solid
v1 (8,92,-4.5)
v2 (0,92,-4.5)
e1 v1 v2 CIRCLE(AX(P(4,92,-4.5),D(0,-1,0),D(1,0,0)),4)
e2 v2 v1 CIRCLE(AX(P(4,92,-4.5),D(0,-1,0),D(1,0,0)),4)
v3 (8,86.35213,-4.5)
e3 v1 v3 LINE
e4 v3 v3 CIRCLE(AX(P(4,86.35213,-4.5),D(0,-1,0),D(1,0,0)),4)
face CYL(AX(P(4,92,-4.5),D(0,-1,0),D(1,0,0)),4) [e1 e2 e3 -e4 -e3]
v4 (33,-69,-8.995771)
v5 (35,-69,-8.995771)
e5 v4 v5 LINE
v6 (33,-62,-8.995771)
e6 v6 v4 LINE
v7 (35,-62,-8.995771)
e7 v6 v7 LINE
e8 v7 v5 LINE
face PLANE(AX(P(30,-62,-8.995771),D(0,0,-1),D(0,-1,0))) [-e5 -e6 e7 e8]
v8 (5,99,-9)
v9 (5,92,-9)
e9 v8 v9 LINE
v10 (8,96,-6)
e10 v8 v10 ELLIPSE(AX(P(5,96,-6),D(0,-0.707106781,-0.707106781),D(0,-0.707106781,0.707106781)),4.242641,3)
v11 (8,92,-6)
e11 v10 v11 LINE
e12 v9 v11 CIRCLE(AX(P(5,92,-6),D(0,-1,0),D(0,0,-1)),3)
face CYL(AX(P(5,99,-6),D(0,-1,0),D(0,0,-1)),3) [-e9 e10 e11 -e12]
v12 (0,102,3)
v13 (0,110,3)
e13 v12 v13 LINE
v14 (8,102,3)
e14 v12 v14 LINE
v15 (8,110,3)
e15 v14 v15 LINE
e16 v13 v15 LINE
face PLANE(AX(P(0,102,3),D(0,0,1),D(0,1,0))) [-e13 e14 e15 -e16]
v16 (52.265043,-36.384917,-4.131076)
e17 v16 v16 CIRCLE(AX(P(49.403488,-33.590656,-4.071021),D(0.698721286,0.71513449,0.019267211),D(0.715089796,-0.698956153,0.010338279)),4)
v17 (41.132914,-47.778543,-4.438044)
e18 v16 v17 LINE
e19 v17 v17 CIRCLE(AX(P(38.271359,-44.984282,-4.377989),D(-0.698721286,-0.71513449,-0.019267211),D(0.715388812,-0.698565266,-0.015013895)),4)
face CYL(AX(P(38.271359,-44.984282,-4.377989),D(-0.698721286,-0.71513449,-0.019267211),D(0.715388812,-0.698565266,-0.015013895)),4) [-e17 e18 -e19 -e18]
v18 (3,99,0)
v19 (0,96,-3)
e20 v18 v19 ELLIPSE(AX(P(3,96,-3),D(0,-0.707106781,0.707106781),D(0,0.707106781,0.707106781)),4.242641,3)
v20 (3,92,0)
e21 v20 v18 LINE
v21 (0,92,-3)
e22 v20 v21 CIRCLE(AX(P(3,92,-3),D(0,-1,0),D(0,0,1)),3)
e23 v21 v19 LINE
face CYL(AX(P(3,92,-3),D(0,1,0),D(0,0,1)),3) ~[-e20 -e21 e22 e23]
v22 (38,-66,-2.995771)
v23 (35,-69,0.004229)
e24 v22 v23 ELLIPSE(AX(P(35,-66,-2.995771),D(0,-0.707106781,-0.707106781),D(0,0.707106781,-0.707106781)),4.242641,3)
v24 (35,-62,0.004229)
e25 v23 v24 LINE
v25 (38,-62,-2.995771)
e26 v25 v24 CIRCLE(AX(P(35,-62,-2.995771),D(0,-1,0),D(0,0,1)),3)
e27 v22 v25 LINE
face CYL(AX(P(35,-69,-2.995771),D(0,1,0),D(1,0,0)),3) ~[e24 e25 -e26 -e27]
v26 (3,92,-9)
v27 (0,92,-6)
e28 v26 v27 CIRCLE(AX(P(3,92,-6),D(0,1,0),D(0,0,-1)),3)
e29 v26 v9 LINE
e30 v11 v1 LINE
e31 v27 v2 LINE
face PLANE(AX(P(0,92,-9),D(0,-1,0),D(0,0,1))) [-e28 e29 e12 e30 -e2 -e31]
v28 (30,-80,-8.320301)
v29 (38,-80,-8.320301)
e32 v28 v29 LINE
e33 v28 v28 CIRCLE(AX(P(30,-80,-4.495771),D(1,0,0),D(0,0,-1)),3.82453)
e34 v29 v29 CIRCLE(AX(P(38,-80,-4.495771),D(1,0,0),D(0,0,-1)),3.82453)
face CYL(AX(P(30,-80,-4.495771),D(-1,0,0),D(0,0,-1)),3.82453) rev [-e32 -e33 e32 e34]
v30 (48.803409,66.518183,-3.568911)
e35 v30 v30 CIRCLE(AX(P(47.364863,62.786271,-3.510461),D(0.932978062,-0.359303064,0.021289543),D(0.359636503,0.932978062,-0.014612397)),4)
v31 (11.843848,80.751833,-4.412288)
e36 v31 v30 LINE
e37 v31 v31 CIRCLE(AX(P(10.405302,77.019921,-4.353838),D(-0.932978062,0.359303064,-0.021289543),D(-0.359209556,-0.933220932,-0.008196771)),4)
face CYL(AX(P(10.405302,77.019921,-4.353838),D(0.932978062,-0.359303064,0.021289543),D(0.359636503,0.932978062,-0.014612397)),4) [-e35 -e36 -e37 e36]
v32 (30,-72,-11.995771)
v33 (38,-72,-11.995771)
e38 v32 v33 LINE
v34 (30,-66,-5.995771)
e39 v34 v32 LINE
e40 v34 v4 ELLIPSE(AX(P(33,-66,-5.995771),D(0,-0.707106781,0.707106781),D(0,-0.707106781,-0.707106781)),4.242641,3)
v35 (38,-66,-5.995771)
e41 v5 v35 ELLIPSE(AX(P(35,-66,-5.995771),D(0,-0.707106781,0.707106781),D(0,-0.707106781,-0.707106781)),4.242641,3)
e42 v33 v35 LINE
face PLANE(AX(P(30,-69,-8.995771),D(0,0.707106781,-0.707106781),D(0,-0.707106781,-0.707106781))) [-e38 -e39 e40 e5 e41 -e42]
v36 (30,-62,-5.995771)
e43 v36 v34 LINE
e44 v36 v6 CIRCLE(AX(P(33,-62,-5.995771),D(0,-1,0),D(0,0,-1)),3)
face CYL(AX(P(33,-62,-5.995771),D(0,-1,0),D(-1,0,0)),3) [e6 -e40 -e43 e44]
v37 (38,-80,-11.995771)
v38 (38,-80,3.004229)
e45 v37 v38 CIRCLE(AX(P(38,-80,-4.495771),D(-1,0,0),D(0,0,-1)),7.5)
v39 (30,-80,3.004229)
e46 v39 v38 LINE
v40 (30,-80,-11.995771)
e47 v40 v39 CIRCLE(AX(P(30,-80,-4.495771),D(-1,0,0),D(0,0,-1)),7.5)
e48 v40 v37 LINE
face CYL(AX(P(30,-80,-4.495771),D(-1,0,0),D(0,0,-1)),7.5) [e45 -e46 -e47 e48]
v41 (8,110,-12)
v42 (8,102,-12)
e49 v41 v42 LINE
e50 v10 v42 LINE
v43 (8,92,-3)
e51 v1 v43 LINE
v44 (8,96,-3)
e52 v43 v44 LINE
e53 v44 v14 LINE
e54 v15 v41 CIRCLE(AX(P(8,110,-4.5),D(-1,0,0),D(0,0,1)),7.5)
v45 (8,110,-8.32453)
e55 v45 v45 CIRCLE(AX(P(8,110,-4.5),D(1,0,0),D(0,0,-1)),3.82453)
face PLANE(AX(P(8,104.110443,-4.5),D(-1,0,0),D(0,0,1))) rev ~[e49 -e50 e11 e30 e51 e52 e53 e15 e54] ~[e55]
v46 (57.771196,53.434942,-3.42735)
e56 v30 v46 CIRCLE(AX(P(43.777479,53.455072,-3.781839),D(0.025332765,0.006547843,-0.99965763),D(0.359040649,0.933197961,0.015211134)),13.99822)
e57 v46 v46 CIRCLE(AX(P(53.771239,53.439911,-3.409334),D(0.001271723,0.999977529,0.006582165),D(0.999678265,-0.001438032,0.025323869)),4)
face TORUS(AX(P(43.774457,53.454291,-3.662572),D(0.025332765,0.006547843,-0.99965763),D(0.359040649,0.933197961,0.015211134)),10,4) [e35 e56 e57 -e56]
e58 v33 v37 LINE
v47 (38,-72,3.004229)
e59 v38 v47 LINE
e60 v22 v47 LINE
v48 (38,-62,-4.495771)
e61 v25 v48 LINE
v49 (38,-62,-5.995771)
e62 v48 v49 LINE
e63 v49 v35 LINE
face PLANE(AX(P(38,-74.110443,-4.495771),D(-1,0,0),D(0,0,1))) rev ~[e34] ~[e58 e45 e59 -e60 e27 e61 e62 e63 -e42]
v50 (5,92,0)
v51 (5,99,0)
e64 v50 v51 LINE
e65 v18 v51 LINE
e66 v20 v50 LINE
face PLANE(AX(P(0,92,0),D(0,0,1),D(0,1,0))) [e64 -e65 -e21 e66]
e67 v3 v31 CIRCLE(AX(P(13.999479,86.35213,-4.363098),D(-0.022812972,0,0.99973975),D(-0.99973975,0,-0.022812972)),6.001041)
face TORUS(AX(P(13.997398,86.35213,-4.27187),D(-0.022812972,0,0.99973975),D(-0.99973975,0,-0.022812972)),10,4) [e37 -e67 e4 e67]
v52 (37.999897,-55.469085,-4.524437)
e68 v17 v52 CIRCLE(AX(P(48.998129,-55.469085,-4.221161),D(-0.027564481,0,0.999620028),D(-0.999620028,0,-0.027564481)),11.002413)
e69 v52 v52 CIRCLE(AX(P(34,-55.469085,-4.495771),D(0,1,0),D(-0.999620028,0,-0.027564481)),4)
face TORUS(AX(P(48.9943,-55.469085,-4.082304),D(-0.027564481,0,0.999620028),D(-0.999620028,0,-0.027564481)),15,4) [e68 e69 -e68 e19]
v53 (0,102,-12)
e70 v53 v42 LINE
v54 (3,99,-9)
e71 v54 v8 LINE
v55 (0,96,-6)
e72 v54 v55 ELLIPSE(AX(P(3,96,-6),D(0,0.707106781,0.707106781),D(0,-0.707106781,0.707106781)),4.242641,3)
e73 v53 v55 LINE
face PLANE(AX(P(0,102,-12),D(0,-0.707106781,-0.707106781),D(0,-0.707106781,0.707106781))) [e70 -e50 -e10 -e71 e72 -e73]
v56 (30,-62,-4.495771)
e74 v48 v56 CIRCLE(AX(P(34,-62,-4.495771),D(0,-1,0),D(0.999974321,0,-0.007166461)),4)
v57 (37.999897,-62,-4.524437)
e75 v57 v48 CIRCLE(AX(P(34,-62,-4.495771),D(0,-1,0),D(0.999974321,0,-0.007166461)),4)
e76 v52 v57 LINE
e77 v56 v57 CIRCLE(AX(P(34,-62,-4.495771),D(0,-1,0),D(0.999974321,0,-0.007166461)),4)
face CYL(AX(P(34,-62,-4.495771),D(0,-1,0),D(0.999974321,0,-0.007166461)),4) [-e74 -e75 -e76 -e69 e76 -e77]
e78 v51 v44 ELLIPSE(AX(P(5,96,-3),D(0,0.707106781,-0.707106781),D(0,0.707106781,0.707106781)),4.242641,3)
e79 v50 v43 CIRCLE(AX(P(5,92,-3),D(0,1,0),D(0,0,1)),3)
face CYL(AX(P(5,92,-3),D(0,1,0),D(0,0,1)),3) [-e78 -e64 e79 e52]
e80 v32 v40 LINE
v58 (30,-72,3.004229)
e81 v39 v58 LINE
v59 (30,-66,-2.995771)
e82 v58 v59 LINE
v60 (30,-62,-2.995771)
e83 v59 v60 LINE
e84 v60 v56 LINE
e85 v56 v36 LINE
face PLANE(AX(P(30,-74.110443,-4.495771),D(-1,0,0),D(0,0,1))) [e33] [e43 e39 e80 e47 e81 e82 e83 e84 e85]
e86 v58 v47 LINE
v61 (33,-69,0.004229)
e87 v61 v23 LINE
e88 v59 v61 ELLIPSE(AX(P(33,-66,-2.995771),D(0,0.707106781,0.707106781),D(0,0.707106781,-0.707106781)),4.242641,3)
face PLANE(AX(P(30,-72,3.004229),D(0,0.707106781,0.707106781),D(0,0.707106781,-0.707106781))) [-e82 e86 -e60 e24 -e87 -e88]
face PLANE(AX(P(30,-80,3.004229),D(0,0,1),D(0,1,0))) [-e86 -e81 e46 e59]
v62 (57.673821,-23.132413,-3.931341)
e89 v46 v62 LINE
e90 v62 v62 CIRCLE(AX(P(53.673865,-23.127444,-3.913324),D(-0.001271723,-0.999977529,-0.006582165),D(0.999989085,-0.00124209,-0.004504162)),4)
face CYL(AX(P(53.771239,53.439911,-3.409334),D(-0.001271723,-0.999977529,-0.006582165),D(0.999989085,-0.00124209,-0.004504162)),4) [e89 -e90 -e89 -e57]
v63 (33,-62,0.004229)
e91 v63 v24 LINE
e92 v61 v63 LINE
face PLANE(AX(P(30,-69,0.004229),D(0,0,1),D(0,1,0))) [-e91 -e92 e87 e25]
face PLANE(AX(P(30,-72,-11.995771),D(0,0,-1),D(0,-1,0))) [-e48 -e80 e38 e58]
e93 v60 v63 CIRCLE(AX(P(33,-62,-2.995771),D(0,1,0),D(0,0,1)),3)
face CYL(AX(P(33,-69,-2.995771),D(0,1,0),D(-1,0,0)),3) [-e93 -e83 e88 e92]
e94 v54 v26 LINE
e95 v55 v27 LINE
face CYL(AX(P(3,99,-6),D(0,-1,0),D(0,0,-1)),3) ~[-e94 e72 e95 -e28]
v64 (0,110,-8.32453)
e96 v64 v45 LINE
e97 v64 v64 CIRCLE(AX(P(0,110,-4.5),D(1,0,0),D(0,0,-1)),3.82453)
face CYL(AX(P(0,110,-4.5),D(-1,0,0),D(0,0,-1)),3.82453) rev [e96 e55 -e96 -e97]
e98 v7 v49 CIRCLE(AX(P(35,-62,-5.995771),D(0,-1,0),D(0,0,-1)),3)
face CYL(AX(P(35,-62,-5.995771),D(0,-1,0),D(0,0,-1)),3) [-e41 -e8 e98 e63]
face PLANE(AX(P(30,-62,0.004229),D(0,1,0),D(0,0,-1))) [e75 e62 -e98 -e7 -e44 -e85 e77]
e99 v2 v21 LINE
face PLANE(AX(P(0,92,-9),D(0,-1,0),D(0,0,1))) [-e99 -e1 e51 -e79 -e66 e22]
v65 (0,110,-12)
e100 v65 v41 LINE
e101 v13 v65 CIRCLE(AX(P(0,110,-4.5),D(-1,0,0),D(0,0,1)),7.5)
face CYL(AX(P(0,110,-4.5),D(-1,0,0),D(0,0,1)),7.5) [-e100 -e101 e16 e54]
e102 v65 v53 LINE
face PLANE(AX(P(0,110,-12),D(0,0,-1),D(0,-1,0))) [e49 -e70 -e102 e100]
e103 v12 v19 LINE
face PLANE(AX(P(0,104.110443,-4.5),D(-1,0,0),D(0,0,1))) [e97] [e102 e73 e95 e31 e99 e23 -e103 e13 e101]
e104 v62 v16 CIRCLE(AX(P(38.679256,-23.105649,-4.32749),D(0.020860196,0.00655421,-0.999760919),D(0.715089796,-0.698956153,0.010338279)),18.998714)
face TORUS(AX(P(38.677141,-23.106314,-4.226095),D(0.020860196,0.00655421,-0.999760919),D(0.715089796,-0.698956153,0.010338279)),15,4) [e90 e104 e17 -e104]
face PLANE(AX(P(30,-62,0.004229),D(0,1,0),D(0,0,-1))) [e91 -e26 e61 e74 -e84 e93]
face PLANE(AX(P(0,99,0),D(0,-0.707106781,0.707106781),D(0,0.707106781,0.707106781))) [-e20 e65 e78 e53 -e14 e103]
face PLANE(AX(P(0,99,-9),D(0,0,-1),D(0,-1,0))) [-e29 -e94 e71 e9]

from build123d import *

# Parameters (mm, degrees)
SKETCH1_R           = 3.824529863
BOSS_EXTRUDE1_DEPTH = 8
FILLET1_R           = 3
SKETCH4_R           = 3.824529863
BOSS_EXTRUDE3_DEPTH = 8
SKETCH5_R           = 4
FILLET3_R           = 3


with BuildPart() as part:
    # Sketch1 → Boss-Extrude1 (new body)
    with BuildSketch(Plane(origin=(0, 0, 0), x_dir=(0, 0, -1), z_dir=(1, 0, 0))):
        with BuildLine():
            Line((0, 92), (0, 99))
            Line((0, 99), (-3, 102))
            Line((-3, 102), (-3, 110))
            ThreePointArc((-3, 110), (4.5, 117.5), (12, 110))
            Line((12, 110), (12, 102))
            Line((12, 102), (9, 99))
            Line((9, 99), (9, 92))
            Line((9, 92), (0, 92))
        make_face()
        with Locations((4.5, 110)):
            Circle(SKETCH1_R, mode=Mode.SUBTRACT)
    extrude(amount=BOSS_EXTRUDE1_DEPTH)

    # Fillet1
    fillet1_edges = [part.edges().sort_by_distance(p)[0] for p in [
        (0, 95.5, -9),
        (8, 95.5, 0),
        (8, 95.5, -9),
        (0, 95.5, 0),
    ]]
    fillet(fillet1_edges, radius=FILLET1_R)



with BuildPart() as body_2:
    # Sketch4 → Boss-Extrude3 (new body)
    with BuildSketch(Plane(origin=(30, 0, 0), x_dir=(0, 0, -1), z_dir=(1, 0, 0))):
        with BuildLine():
            Line((-0.004228731, -61.999999953), (8.995771269, -61.999999953))
            Line((8.995771269, -61.999999953), (8.995771269, -68.999999953))
            Line((8.995771269, -68.999999953), (11.995771269, -71.999999953))
            Line((11.995771269, -71.999999953), (11.995771269, -79.999999953))
            ThreePointArc((11.995771269, -79.999999953), (4.495771269, -87.499999953), (-3.004228731, -79.999999953))
            Line((-3.004228731, -79.999999953), (-3.004228731, -71.999999953))
            Line((-3.004228731, -71.999999953), (-0.004228731, -68.999999953))
            Line((-0.004228731, -68.999999953), (-0.004228731, -61.999999953))
        make_face()
        with Locations((4.495771269, -79.999999953)):
            Circle(SKETCH4_R, mode=Mode.SUBTRACT)
    extrude(amount=BOSS_EXTRUDE3_DEPTH)


with BuildPart() as part_1:
    add(part.part)

    add(body_2.part)  # Sweep1 merges body 2
    # Sweep1: sweep along a curve in space
    with BuildLine() as sweep1_path:
        Line((4, 92, -4.5), (4, 86.352130242, -4.5))
        ThreePointArc((4, 86.352130242, -4.5), (5.755444944, 80.69219678, -4.459942659), (10.405301947, 77.019920921, -4.353837987))
        Line((10.405301947, 77.019920921, -4.353837987), (47.364863067, 62.786270522, -3.510461064))
        ThreePointArc((47.364863067, 62.786270522, -3.510461064), (52.019060491, 59.108139902, -3.416609062), (53.77123923, 53.439910597, -3.409333713))
        Line((53.77123923, 53.439910597, -3.409333713), (53.673864596, -23.127444485, -3.913324031))
        ThreePointArc((49.40348763, -33.590655921, -4.071020723), (52.56170451, -28.776861802, -3.973565781), (53.673864596, -23.127444485, -3.913324031))
        Line((38.271359037, -44.984282045, -4.377988717), (49.40348763, -33.590655921, -4.071020723))
        ThreePointArc((34, -55.469085278, -4.495771269), (35.108839506, -49.80804563, -4.465195064), (38.271359037, -44.984282045, -4.377988717))
        Line((34, -61.999999953, -4.495771269), (34, -55.469085278, -4.495771269))
    # Sketch5 → Sweep1 (sweep)
    with BuildSketch(Plane.XZ.offset(-92)):
        with Locations((4, -4.5)):
            Circle(SKETCH5_R)
    sweep(path=sweep1_path.line)

    # Fillet3
    fillet3_edges = [part_1.edges().sort_by_distance(p)[0] for p in [
        (38, -65.499999953, -8.995771269),
        (38, -65.499999953, 0.004228731),
        (30, -65.499999953, -8.995771269),
        (30, -65.499999953, 0.004228731),
    ]]
    fillet(fillet3_edges, radius=FILLET3_R)


solid = part_1.part
